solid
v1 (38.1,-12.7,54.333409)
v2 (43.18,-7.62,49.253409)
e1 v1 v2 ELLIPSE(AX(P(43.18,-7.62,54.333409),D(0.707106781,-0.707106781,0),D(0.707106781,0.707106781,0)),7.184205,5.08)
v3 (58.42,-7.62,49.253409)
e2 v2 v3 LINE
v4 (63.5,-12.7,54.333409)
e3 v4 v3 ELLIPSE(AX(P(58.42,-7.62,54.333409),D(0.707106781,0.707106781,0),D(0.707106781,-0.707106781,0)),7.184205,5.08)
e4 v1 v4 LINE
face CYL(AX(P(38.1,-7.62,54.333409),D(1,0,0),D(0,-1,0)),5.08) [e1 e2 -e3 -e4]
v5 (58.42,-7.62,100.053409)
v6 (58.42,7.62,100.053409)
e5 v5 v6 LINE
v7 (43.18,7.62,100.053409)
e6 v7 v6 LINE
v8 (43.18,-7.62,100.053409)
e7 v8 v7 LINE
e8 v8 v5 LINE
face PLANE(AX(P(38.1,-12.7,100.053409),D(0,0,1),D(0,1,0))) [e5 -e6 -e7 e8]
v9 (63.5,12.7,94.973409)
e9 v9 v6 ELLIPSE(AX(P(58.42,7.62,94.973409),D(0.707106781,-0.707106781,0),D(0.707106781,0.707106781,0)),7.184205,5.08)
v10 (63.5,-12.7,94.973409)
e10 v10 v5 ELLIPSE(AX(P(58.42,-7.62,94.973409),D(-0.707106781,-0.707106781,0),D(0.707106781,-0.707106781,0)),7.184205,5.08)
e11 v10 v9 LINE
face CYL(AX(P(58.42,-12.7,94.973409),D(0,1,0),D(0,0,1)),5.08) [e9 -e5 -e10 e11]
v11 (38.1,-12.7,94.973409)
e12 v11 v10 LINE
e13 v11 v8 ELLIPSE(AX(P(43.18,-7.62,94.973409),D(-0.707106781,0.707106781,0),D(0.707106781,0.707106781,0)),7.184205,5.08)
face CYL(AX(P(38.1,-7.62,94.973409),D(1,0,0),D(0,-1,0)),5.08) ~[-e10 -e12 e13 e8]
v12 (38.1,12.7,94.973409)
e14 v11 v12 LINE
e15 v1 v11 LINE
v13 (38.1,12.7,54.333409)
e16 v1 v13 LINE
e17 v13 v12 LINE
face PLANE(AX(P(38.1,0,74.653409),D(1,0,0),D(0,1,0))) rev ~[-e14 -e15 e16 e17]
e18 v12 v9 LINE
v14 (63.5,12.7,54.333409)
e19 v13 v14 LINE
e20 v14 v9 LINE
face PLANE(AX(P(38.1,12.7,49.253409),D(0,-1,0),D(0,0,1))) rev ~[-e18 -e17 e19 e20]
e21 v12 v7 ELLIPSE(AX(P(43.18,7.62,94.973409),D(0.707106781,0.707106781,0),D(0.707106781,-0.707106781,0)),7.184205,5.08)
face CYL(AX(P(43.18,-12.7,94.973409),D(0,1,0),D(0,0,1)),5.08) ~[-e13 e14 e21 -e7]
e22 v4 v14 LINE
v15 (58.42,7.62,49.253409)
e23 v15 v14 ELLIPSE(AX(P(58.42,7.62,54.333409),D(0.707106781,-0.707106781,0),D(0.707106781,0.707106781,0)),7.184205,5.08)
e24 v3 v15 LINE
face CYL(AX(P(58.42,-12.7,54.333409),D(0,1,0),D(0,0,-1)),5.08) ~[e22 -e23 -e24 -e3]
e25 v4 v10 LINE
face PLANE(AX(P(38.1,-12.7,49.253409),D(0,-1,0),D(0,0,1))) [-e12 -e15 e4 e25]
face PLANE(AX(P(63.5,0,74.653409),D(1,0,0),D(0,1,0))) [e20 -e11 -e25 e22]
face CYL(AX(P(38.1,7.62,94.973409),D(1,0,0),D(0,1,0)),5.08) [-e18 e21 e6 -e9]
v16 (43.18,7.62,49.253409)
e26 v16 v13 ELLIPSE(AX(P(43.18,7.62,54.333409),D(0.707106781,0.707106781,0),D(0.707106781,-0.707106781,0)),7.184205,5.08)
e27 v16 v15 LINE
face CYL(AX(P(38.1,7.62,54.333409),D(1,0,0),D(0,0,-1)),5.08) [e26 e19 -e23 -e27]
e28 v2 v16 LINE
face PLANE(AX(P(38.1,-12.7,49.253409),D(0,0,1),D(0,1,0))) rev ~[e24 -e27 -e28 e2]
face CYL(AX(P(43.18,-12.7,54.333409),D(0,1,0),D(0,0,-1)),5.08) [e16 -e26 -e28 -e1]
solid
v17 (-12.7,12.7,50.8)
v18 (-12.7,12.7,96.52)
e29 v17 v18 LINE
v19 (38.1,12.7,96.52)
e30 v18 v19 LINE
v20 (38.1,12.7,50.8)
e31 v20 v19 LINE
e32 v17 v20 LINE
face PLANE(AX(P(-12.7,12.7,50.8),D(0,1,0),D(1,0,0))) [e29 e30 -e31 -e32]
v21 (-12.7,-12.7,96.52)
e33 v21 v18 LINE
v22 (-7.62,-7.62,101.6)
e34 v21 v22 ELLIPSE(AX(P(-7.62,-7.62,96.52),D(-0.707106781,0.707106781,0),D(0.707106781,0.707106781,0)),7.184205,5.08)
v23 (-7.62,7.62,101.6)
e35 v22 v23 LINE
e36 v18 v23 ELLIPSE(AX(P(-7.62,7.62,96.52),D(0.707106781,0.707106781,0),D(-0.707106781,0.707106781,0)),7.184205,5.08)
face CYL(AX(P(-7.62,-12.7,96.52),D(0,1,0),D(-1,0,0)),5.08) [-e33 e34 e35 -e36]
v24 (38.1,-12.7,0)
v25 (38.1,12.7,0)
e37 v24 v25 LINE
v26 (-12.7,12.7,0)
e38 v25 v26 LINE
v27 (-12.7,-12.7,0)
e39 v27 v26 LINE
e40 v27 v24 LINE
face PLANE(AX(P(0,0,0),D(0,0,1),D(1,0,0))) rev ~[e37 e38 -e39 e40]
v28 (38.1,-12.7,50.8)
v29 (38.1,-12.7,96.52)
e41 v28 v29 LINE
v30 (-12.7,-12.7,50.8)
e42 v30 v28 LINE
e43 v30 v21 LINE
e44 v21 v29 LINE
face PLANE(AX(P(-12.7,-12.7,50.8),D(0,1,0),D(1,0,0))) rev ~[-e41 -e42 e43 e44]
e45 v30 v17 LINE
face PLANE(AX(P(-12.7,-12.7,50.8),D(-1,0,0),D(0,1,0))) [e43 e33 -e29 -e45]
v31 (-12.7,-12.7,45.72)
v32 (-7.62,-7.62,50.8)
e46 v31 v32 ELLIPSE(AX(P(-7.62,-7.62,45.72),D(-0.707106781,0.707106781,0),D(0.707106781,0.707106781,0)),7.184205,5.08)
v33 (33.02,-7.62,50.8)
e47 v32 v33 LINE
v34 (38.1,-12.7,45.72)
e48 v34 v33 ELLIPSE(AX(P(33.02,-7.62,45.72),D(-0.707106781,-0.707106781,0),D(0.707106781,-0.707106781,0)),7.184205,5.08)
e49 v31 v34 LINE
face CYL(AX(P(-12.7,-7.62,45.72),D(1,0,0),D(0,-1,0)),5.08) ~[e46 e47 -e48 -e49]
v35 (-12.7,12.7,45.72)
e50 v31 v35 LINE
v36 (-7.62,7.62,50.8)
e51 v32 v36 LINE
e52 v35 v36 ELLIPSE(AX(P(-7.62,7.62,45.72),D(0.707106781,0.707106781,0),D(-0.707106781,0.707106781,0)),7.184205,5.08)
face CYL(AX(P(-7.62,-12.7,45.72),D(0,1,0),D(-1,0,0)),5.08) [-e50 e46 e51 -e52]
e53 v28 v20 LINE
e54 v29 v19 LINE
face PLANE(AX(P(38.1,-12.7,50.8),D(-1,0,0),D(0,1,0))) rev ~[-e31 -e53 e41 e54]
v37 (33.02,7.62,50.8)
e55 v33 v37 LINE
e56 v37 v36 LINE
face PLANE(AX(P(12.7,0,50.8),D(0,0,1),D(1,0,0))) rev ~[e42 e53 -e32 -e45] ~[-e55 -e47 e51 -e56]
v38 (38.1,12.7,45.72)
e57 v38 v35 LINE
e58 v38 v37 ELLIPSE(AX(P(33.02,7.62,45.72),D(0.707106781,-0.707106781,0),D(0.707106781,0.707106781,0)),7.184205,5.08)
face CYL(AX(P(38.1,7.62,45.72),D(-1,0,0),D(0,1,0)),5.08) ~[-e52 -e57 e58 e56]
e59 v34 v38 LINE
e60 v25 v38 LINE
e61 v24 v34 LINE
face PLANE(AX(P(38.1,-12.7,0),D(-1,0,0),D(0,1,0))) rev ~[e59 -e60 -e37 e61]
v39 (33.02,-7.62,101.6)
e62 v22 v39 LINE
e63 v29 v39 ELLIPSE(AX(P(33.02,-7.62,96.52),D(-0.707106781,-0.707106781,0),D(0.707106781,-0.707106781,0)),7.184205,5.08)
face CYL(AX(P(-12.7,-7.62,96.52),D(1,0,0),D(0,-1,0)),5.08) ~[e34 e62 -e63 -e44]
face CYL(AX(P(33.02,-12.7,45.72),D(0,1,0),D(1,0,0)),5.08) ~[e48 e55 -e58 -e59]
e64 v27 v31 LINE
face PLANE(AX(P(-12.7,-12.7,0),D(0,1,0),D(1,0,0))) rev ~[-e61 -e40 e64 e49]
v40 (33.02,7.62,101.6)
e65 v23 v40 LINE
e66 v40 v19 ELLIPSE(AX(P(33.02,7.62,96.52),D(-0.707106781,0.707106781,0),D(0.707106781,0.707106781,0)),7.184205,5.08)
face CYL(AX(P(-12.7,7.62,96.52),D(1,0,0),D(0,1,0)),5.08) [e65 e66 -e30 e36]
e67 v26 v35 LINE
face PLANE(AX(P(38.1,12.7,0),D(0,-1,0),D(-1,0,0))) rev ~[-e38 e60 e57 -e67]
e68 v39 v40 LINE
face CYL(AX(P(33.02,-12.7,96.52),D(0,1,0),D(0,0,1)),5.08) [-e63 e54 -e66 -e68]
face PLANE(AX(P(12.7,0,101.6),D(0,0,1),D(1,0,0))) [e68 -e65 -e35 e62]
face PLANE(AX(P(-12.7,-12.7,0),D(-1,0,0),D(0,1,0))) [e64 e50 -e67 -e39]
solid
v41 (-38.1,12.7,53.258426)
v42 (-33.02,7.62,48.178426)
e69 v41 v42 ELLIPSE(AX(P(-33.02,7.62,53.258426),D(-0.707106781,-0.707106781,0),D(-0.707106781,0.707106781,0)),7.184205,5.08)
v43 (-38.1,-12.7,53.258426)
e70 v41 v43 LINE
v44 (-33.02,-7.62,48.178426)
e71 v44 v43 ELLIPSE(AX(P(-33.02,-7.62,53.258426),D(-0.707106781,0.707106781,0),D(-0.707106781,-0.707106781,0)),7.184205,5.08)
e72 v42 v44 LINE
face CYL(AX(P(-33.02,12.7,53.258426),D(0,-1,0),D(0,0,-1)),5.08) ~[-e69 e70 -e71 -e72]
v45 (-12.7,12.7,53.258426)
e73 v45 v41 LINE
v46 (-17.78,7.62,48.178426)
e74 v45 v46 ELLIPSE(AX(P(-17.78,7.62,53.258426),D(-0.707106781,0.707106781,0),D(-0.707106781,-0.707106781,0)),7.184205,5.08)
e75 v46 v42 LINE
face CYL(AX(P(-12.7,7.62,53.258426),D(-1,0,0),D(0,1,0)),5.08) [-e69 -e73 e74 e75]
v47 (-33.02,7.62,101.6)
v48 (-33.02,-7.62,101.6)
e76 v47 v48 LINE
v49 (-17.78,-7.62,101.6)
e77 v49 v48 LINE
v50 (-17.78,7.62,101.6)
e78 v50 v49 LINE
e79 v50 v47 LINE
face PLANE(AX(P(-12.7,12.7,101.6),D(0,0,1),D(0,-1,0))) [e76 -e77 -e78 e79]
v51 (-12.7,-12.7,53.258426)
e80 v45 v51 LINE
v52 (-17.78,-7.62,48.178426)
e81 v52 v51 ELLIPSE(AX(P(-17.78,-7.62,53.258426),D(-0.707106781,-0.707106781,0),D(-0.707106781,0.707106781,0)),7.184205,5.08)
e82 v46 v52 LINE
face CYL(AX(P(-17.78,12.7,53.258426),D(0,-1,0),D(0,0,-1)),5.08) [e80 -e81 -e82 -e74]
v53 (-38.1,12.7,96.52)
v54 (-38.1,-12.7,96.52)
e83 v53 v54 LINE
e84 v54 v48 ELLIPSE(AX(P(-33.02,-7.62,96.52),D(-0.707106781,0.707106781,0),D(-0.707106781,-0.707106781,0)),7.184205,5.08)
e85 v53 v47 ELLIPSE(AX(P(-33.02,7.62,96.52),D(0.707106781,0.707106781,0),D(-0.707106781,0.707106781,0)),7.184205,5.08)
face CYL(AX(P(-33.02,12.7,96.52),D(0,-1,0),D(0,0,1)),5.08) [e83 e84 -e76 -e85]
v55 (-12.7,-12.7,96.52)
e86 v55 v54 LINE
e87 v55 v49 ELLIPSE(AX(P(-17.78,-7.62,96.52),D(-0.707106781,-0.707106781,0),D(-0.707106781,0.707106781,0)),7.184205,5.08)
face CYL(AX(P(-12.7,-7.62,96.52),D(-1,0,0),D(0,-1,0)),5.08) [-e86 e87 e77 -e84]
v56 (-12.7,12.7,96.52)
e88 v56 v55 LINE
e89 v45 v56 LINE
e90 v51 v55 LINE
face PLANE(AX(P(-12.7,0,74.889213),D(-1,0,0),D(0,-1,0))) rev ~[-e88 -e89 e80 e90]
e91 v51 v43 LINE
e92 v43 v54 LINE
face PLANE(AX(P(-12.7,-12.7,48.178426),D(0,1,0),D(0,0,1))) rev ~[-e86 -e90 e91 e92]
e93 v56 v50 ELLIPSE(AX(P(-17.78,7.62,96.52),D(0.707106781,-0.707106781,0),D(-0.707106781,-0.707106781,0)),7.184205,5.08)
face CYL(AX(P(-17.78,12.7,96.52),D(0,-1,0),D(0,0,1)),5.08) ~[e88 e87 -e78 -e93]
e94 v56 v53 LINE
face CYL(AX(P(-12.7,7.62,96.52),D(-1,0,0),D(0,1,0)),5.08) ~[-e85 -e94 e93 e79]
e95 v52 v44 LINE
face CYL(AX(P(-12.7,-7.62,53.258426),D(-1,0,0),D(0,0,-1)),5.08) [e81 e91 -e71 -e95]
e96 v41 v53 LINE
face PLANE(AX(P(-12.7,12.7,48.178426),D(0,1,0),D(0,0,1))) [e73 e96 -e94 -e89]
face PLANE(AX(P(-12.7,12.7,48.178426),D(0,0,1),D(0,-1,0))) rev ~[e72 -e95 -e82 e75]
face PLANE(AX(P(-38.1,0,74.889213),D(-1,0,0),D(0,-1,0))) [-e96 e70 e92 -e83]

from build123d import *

# Parameters (mm, degrees)
F0_W     = 25.4
F0_H     = 25.4
F1_DEPTH = 50.8
F2_R     = 5.08
F3_W     = 50.8
F3_H     = 25.4
F4_DEPTH = 50.8
F5_W     = 25.4
F5_H     = 53.4215743065
F6_DEPTH = 25.4
F8_W     = 25.4
F8_H     = 50.8
F9_DEPTH = 25.4
F10_R    = 5.08
F10_2_R  = 5.08
F10_3_R  = 5.08


with BuildPart() as f1:
    # F0 (on Top) → F1 (new body)
    with BuildSketch(Plane.XY):
        Rectangle(F0_W, F0_H)
        with Locations((25.4, 0)):
            Rectangle(F0_W, F0_H)
    extrude(amount=F1_DEPTH)

    # F2
    f2_edges = [f1.edges().sort_by_distance(p)[0] for p in [
        (-12.7, 0, 50.8),
        (12.7, -12.7, 50.8),
        (38.1, 0, 50.8),
        (12.7, 12.7, 50.8),
    ]]
    fillet(f2_edges, radius=F2_R)

    # F3 (on face) → F4 (join)
    with BuildSketch(Plane.XY.offset(50.8)):
        with Locations((12.7, 0)):
            Rectangle(F3_W, F3_H)
    extrude(amount=F4_DEPTH)

    # F10#2
    f10_2_edges = [f1.edges().sort_by_distance(p)[0] for p in [
        (-12.7, 0, 101.6),
        (12.7, -12.7, 101.6),
        (38.1, 0, 101.6),
        (12.7, 12.7, 101.6),
    ]]
    fillet(f10_2_edges, radius=F10_2_R)


with BuildPart() as f6:
    # F5 (on face) → F6 (new body)
    with BuildSketch(Plane(origin=(-12.7, 0, 0), x_dir=(0, -1, 0), z_dir=(-1, 0, 0))):
        with Locations((0, 74.8892128468)):
            Rectangle(F5_W, F5_H)
    extrude(amount=F6_DEPTH)

    # F10
    f10_edges = [f6.edges().sort_by_distance(p)[0] for p in [
        (-25.4, -12.7, 101.6),
        (-25.4, 12.7, 101.6),
        (-12.7, 0, 101.6),
        (-38.1, 0, 101.6),
        (-25.4, 12.7, 48.178426),
        (-25.4, -12.7, 48.178426),
        (-12.7, 0, 48.178426),
        (-38.1, 0, 48.178426),
    ]]
    fillet(f10_edges, radius=F10_R)


with BuildPart() as f9:
    # F8 (on face) → F9 (new body)
    with BuildSketch(Plane.YZ.offset(38.1)):
        with Locations((0, 74.6534094214)):
            Rectangle(F8_W, F8_H)
    extrude(amount=F9_DEPTH)

    # F10#3
    f10_3_edges = [f9.edges().sort_by_distance(p)[0] for p in [
        (50.8, 12.7, 100.053409),
        (50.8, -12.7, 100.053409),
        (38.1, 0, 100.053409),
        (63.5, 0, 100.053409),
        (50.8, -12.7, 49.253409),
        (50.8, 12.7, 49.253409),
        (38.1, 0, 49.253409),
        (63.5, 0, 49.253409),
    ]]
    fillet(f10_3_edges, radius=F10_3_R)


solid = Compound([f1.part, f6.part, f9.part])
